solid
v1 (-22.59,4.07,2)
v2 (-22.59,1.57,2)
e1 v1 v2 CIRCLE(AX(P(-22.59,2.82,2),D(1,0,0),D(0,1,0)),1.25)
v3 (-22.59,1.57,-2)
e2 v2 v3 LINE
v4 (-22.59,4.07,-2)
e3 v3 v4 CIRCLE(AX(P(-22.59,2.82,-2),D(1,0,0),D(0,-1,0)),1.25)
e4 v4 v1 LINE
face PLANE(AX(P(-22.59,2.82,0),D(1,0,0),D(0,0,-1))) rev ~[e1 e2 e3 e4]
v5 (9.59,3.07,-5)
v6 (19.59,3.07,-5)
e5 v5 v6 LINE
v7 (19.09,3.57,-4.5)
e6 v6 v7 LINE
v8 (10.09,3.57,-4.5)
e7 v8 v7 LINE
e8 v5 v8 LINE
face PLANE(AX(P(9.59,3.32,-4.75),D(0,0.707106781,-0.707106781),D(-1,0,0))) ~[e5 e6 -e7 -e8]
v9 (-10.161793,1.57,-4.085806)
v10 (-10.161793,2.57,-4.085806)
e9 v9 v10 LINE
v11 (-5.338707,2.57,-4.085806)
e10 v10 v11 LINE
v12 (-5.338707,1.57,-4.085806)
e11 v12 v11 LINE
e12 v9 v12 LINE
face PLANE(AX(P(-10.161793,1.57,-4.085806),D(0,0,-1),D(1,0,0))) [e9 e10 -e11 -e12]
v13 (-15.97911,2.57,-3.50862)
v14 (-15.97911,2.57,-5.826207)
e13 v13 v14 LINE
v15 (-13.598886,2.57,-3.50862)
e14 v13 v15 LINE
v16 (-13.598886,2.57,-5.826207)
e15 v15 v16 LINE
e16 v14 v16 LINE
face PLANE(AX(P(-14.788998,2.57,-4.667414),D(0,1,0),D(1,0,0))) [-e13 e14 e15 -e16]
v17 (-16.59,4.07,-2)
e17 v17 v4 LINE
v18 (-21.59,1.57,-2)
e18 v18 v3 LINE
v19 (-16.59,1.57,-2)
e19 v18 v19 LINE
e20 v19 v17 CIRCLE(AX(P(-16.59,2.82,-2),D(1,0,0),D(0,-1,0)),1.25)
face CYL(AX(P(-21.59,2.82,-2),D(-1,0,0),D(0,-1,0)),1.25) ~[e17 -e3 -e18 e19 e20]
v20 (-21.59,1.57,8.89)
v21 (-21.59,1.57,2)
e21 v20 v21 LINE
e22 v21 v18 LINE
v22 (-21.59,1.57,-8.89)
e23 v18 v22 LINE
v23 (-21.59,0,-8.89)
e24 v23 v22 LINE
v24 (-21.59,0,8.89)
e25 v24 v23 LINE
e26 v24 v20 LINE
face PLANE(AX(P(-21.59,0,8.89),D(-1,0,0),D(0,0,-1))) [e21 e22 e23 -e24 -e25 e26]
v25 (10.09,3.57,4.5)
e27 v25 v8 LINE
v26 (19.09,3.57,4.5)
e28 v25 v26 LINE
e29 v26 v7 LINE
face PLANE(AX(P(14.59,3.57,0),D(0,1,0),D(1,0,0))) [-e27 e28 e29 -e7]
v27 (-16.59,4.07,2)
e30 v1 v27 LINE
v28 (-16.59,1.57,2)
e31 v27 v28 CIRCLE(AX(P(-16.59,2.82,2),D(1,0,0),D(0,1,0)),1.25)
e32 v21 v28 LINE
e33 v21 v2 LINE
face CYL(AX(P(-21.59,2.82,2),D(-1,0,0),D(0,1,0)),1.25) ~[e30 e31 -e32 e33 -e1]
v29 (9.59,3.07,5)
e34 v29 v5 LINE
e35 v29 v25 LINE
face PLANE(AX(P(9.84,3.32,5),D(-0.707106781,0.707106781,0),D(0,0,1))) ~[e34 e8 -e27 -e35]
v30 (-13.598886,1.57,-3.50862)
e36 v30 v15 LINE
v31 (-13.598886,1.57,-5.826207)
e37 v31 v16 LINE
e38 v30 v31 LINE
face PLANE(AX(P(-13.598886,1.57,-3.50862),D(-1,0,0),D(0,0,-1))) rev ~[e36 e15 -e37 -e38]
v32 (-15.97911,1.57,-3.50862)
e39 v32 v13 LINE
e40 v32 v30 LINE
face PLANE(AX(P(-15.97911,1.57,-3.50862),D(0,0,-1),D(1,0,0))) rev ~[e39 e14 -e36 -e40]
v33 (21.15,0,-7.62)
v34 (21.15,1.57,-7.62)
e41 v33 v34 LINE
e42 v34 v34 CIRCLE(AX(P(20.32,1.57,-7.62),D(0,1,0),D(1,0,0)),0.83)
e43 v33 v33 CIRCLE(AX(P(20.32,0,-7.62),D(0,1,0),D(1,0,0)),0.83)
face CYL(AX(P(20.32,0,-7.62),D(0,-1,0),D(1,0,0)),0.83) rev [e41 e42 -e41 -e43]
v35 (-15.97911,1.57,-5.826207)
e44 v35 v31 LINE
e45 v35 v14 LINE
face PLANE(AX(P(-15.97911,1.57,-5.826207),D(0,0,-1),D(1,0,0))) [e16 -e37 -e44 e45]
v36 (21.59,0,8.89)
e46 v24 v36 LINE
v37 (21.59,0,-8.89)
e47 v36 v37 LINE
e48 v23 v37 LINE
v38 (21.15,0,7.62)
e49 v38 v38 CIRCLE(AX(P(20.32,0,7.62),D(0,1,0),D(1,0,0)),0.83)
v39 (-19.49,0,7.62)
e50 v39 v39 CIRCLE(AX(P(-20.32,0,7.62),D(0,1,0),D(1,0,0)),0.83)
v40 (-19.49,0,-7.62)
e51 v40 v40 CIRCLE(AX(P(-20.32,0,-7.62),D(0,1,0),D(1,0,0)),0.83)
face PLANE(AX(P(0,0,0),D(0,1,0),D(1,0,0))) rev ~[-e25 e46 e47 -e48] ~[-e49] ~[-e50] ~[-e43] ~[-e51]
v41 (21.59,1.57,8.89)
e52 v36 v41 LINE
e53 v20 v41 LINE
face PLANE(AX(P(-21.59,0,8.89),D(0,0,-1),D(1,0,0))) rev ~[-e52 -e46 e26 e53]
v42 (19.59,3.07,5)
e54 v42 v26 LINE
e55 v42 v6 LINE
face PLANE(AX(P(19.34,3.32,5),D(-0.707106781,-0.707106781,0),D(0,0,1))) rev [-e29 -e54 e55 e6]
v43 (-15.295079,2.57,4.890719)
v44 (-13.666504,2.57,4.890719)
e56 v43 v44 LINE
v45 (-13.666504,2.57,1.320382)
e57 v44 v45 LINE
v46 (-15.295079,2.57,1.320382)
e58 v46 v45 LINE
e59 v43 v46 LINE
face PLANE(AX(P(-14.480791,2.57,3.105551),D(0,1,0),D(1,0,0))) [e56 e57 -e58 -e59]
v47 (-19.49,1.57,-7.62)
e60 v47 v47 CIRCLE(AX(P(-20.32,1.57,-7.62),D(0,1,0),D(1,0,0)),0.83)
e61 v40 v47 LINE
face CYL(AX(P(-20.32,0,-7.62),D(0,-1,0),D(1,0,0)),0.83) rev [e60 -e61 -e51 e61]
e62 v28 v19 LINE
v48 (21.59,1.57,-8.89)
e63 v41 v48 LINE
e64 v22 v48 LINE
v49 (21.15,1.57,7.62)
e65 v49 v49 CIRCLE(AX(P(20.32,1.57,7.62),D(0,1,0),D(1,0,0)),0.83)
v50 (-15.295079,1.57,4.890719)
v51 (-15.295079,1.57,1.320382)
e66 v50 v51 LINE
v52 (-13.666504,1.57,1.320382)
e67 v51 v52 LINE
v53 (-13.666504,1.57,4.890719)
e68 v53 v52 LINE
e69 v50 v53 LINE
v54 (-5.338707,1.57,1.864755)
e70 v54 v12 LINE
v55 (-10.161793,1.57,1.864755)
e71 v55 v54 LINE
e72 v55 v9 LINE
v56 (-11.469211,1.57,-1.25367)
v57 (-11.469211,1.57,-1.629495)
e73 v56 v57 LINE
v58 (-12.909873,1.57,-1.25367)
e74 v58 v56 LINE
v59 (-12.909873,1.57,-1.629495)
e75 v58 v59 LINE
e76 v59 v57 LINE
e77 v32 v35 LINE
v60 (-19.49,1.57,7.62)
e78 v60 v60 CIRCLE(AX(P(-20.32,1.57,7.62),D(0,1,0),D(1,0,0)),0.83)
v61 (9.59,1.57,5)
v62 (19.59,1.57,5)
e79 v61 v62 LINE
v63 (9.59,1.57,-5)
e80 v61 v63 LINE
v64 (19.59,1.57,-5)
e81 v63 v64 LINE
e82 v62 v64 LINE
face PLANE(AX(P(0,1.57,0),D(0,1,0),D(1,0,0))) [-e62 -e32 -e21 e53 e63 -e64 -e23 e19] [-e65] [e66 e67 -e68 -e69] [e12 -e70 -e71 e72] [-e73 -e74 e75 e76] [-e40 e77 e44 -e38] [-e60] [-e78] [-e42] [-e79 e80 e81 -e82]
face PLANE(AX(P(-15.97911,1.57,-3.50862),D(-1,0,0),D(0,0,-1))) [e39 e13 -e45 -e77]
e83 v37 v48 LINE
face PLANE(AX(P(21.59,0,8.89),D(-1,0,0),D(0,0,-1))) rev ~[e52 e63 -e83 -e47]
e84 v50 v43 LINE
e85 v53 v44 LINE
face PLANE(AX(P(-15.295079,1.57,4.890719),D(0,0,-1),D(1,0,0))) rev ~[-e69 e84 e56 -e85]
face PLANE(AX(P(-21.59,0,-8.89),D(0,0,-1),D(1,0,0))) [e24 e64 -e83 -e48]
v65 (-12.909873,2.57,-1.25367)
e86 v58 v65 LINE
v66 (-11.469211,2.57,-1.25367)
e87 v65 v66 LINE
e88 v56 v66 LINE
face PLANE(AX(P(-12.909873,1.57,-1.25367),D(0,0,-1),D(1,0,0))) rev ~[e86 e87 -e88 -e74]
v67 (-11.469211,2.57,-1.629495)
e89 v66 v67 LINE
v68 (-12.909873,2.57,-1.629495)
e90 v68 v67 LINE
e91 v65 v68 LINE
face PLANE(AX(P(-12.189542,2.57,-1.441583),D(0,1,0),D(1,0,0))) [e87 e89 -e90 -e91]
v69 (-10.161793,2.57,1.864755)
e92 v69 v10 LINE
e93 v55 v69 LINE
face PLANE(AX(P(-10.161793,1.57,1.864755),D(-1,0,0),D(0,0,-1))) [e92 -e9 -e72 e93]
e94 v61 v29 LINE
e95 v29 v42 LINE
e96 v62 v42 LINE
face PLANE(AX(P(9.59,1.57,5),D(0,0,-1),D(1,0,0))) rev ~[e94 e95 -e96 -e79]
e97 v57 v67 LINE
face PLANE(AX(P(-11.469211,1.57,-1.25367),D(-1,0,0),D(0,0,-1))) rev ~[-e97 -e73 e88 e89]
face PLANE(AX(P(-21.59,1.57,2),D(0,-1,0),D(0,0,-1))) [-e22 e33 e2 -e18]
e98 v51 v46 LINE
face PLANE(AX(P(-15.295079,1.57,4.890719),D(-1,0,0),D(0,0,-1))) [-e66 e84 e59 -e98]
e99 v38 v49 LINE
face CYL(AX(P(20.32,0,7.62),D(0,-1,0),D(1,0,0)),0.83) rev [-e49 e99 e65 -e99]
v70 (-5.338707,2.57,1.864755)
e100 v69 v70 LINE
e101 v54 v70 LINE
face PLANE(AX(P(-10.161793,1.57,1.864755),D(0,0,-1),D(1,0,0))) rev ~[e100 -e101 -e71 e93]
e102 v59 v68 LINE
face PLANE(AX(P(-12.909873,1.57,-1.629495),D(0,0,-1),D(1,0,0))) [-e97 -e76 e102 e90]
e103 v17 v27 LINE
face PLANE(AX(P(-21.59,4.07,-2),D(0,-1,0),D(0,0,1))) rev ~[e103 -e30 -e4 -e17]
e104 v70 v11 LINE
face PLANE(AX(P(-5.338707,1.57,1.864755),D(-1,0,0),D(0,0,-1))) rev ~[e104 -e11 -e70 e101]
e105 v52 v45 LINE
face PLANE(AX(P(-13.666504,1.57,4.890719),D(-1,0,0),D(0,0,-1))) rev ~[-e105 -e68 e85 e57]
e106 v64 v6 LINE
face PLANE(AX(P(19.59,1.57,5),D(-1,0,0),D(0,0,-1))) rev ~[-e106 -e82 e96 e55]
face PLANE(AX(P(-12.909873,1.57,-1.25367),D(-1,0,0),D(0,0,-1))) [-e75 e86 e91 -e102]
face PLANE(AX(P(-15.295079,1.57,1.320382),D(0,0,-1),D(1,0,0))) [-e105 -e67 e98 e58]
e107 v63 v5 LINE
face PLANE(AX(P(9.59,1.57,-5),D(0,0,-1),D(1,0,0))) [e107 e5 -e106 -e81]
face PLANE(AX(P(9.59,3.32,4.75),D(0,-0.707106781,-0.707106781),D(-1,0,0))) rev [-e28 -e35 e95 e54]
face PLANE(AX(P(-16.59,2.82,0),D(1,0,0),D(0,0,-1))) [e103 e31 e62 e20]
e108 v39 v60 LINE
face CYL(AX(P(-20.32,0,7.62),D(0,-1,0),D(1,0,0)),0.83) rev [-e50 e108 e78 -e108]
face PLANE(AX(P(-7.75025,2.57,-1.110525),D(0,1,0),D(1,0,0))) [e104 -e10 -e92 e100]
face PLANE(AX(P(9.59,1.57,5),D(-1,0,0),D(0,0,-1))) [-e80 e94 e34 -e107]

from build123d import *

# Parameters (mm, degrees)
SKETCH1_W                = 43.18
SKETCH1_H                = 17.78
SKETCH1_R                = 0.83
BOSS_EXTRUDE1_DEPTH      = 1.57
SKETCH2_W                = 10
SKETCH2_H                = 10
BOSS_EXTRUDE2_DEPTH      = 2
CHAMFER1_SIZE            = 0.5
BOSS_EXTRUDE3_DEPTH      = 1
BOSS_EXTRUDE3_DEPTH_BACK = 5
SKETCH4_W                = 2.380224585
SKETCH4_H                = 2.317587096
SKETCH4_W_2              = 1.628574716
SKETCH4_H_2              = 3.570336877
SKETCH4_W_3              = 4.823086659
SKETCH4_H_3              = 5.950561462
SKETCH4_W_4              = 1.440662249
SKETCH4_H_4              = 0.375824935
BOSS_EXTRUDE4_DEPTH      = 1


with BuildPart() as part:
    # Sketch1 → Boss-Extrude1 (new body)
    with BuildSketch(Plane(origin=(0, 0, 0), x_dir=(1, 0, 0), z_dir=(0, 1, 0))):
        Rectangle(SKETCH1_W, SKETCH1_H)
        with Locations((-20.32, 7.62)):
            Circle(SKETCH1_R, mode=Mode.SUBTRACT)
        with Locations((20.32, 7.62)):
            Circle(SKETCH1_R, mode=Mode.SUBTRACT)
        with Locations((20.32, -7.62)):
            Circle(SKETCH1_R, mode=Mode.SUBTRACT)
        with Locations((-20.32, -7.62)):
            Circle(SKETCH1_R, mode=Mode.SUBTRACT)
    extrude(amount=BOSS_EXTRUDE1_DEPTH)

    # Sketch2 → Boss-Extrude2 (add)
    with BuildSketch(Plane(origin=(0, 1.57, 0), x_dir=(1, 0, 0), z_dir=(0, 1, 0))):
        with Locations((14.59, 0)):
            Rectangle(SKETCH2_W, SKETCH2_H)
    extrude(amount=BOSS_EXTRUDE2_DEPTH)

    # Chamfer1
    chamfer1_edges = [part.edges().sort_by_distance(p)[0] for p in [
        (9.59, 3.57, 0),
        (14.59, 3.57, 5),
        (19.59, 3.57, 0),
        (14.59, 3.57, -5),
    ]]
    chamfer(chamfer1_edges, length=CHAMFER1_SIZE)

    # Sketch3 → Boss-Extrude3 (add, two sides)
    with BuildSketch(Plane.ZY.offset(21.59)) as boss_extrude3_sk:
        with BuildLine():
            Line((-2, 4.07), (2, 4.07))
            ThreePointArc((2, 4.07), (3.25, 2.82), (2, 1.57))
            Line((2, 1.57), (-2, 1.57))
            ThreePointArc((-2, 1.57), (-3.25, 2.82), (-2, 4.07))
        make_face()
    extrude(amount=BOSS_EXTRUDE3_DEPTH)
    extrude(boss_extrude3_sk.sketch, amount=-BOSS_EXTRUDE3_DEPTH_BACK)

    # Sketch4 → Boss-Extrude4 (add)
    with BuildSketch(Plane(origin=(0, 1.57, 0), x_dir=(1, 0, 0), z_dir=(0, 1, 0))):
        with Locations((-14.788997849, 4.667413541)):
            Rectangle(SKETCH4_W, SKETCH4_H)
        with Locations((-14.480791416, -3.105550682)):
            Rectangle(SKETCH4_W_2, SKETCH4_H_2)
        with Locations((-7.750249949, 1.110525399)):
            Rectangle(SKETCH4_W_3, SKETCH4_H_3)
        with Locations((-12.189542052, 1.441582853)):
            Rectangle(SKETCH4_W_4, SKETCH4_H_4)
    extrude(amount=BOSS_EXTRUDE4_DEPTH)


solid = part.part
